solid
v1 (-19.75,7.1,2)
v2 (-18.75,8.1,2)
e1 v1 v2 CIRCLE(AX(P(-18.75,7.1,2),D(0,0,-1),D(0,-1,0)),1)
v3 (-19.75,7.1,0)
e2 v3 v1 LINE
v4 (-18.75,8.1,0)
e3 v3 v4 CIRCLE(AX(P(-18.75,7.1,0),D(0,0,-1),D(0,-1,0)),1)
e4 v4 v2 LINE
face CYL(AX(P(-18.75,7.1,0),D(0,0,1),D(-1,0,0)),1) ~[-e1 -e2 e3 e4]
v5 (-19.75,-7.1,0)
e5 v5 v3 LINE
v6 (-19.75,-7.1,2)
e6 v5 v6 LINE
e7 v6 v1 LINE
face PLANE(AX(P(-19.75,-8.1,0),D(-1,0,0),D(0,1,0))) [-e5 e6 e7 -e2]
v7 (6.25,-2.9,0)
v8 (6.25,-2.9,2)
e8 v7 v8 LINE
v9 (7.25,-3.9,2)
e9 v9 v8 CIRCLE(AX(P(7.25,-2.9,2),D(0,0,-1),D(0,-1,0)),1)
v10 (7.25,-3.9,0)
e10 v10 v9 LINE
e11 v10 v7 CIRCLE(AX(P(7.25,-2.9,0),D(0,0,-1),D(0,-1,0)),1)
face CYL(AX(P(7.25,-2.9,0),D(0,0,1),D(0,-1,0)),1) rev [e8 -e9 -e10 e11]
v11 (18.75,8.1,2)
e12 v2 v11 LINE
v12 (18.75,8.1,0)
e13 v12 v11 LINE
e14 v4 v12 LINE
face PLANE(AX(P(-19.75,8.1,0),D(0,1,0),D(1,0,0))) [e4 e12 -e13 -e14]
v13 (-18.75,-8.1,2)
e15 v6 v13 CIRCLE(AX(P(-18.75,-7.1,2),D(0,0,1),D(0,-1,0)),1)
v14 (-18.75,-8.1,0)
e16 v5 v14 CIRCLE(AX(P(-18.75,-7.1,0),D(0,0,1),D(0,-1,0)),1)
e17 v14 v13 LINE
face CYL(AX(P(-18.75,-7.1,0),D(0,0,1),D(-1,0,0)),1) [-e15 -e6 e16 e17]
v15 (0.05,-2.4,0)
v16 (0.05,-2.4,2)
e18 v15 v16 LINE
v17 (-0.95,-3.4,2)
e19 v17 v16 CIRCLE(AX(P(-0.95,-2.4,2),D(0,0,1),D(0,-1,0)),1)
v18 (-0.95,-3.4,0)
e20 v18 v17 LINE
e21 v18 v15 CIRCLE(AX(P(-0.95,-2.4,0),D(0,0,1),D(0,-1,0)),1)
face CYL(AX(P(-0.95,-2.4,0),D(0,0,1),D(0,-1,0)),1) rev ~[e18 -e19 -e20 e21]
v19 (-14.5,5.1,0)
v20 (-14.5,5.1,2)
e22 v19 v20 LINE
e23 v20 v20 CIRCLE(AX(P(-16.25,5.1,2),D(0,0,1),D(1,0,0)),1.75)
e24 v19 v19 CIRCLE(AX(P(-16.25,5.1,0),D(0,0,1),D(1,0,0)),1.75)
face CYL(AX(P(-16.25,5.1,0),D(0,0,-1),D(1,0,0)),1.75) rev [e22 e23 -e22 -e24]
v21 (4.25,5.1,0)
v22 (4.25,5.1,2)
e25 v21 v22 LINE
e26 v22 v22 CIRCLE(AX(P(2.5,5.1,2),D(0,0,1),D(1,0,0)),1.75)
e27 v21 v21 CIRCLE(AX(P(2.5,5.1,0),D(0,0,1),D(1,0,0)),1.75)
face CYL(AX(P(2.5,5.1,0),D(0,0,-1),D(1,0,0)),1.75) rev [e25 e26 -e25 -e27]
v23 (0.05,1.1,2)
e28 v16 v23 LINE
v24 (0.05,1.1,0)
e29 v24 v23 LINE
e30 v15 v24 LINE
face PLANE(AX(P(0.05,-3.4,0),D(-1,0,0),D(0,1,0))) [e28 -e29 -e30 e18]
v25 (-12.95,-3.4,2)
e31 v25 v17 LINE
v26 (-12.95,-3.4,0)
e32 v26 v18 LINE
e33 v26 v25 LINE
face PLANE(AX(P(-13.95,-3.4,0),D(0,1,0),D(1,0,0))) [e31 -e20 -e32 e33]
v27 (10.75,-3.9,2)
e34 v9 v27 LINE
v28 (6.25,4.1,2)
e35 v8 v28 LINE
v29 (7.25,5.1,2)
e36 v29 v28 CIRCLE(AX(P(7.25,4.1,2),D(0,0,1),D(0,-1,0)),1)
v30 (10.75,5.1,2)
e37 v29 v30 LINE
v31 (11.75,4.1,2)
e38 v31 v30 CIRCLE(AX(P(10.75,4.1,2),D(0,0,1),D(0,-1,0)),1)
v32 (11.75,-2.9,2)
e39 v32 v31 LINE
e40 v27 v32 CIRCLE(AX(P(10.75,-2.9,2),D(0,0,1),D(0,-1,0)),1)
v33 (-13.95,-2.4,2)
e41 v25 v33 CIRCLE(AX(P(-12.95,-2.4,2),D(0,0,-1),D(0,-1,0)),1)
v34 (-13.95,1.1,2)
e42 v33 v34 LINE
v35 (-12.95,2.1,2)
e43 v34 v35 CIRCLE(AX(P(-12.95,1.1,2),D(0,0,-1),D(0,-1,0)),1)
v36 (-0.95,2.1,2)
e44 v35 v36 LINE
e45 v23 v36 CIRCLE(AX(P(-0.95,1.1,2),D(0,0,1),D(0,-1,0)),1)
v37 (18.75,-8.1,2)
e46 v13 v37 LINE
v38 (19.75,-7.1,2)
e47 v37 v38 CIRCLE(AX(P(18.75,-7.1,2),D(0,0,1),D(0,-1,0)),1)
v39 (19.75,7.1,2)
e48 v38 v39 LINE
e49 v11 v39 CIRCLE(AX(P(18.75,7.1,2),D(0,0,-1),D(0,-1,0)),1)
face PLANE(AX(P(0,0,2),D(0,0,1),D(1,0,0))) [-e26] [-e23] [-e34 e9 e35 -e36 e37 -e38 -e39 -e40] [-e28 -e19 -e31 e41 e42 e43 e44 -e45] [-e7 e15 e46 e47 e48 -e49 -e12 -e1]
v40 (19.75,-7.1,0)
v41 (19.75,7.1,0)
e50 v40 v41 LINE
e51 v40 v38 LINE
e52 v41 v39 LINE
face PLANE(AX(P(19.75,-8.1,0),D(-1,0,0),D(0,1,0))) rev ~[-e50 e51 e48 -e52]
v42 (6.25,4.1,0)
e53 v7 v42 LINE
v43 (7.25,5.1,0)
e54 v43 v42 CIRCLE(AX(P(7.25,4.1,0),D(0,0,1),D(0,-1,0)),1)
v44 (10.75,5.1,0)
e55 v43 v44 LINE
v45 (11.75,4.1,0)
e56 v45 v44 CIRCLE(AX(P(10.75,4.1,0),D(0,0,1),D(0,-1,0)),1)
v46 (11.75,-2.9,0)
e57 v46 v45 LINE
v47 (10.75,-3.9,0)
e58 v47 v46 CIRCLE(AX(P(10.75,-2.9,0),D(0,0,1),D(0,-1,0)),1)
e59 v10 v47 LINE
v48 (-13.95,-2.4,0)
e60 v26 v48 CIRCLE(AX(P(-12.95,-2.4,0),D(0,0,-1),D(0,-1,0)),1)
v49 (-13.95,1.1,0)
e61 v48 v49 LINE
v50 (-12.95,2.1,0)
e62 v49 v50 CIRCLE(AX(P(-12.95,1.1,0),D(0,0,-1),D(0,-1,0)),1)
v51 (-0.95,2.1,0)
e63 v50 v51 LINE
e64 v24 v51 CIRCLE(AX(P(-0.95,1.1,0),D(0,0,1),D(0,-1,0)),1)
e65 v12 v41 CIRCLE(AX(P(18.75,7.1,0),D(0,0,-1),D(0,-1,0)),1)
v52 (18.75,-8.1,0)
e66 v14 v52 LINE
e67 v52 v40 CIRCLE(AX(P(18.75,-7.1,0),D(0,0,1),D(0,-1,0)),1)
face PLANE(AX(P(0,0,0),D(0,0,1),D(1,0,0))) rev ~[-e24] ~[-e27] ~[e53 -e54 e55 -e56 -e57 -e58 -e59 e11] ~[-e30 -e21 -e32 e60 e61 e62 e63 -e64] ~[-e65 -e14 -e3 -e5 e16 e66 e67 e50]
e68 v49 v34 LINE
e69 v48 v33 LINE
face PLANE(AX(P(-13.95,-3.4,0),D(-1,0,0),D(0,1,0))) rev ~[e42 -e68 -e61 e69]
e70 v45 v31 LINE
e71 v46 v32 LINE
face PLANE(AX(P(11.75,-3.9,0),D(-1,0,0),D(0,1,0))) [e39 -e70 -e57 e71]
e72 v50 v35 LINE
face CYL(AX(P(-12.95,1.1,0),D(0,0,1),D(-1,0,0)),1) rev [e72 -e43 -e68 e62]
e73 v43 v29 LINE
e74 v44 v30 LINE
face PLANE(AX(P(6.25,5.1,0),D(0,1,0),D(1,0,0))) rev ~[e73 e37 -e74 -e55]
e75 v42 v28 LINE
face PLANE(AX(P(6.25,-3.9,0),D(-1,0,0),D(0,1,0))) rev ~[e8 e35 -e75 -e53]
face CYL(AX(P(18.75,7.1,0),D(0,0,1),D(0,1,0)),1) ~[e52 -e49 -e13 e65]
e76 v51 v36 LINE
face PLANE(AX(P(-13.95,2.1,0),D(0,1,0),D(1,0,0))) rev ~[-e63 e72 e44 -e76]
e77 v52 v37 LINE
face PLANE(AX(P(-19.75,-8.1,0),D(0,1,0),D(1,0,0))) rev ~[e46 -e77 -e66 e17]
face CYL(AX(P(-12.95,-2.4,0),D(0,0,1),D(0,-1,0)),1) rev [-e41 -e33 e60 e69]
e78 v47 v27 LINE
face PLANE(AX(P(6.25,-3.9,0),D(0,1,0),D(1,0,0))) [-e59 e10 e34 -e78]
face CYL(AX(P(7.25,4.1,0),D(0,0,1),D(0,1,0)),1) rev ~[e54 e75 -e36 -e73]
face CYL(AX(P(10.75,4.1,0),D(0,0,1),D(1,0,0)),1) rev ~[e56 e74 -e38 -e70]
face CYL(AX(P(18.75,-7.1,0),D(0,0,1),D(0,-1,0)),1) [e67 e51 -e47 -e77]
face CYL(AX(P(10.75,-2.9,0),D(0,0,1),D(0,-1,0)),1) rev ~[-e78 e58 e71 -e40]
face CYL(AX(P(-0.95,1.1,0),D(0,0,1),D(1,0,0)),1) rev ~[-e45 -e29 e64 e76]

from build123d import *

# Parameters (mm, degrees)
SKETCH_W   = 39.5
SKETCH_H   = 16.2
SKETCH_R   = 1.75
SKETCH_W_2 = 14
SKETCH_H_2 = 5.5
SKETCH_W_3 = 5.5
SKETCH_H_3 = 9
PAD_DEPTH  = 2
FILLET_R   = 1


with BuildPart() as part:
    # Sketch → Pad (new body)
    with BuildSketch(Plane.XY):
        Rectangle(SKETCH_W, SKETCH_H)
        with Locations((-16.25, 5.1)):
            Circle(SKETCH_R, mode=Mode.SUBTRACT)
        with Locations((2.5, 5.1)):
            Circle(SKETCH_R, mode=Mode.SUBTRACT)
        with Locations((-6.95, -0.65)):
            Rectangle(SKETCH_W_2, SKETCH_H_2, mode=Mode.SUBTRACT)
        with Locations((9, 0.6)):
            Rectangle(SKETCH_W_3, SKETCH_H_3, mode=Mode.SUBTRACT)
    extrude(amount=PAD_DEPTH)

    # Fillet
    fillet_edges = [part.edges().sort_by_distance(p)[0] for p in [
        (-19.75, 8.1, 1),
        (0.05, -3.4, 1),
        (11.75, -3.9, 1),
        (19.75, 8.1, 1),
        (-19.75, -8.1, 1),
        (0.05, 2.1, 1),
        (11.75, 5.1, 1),
        (-13.95, -3.4, 1),
        (6.25, -3.9, 1),
        (19.75, -8.1, 1),
        (6.25, 5.1, 1),
        (-13.95, 2.1, 1),
    ]]
    fillet(fillet_edges, radius=FILLET_R)


solid = part.part
